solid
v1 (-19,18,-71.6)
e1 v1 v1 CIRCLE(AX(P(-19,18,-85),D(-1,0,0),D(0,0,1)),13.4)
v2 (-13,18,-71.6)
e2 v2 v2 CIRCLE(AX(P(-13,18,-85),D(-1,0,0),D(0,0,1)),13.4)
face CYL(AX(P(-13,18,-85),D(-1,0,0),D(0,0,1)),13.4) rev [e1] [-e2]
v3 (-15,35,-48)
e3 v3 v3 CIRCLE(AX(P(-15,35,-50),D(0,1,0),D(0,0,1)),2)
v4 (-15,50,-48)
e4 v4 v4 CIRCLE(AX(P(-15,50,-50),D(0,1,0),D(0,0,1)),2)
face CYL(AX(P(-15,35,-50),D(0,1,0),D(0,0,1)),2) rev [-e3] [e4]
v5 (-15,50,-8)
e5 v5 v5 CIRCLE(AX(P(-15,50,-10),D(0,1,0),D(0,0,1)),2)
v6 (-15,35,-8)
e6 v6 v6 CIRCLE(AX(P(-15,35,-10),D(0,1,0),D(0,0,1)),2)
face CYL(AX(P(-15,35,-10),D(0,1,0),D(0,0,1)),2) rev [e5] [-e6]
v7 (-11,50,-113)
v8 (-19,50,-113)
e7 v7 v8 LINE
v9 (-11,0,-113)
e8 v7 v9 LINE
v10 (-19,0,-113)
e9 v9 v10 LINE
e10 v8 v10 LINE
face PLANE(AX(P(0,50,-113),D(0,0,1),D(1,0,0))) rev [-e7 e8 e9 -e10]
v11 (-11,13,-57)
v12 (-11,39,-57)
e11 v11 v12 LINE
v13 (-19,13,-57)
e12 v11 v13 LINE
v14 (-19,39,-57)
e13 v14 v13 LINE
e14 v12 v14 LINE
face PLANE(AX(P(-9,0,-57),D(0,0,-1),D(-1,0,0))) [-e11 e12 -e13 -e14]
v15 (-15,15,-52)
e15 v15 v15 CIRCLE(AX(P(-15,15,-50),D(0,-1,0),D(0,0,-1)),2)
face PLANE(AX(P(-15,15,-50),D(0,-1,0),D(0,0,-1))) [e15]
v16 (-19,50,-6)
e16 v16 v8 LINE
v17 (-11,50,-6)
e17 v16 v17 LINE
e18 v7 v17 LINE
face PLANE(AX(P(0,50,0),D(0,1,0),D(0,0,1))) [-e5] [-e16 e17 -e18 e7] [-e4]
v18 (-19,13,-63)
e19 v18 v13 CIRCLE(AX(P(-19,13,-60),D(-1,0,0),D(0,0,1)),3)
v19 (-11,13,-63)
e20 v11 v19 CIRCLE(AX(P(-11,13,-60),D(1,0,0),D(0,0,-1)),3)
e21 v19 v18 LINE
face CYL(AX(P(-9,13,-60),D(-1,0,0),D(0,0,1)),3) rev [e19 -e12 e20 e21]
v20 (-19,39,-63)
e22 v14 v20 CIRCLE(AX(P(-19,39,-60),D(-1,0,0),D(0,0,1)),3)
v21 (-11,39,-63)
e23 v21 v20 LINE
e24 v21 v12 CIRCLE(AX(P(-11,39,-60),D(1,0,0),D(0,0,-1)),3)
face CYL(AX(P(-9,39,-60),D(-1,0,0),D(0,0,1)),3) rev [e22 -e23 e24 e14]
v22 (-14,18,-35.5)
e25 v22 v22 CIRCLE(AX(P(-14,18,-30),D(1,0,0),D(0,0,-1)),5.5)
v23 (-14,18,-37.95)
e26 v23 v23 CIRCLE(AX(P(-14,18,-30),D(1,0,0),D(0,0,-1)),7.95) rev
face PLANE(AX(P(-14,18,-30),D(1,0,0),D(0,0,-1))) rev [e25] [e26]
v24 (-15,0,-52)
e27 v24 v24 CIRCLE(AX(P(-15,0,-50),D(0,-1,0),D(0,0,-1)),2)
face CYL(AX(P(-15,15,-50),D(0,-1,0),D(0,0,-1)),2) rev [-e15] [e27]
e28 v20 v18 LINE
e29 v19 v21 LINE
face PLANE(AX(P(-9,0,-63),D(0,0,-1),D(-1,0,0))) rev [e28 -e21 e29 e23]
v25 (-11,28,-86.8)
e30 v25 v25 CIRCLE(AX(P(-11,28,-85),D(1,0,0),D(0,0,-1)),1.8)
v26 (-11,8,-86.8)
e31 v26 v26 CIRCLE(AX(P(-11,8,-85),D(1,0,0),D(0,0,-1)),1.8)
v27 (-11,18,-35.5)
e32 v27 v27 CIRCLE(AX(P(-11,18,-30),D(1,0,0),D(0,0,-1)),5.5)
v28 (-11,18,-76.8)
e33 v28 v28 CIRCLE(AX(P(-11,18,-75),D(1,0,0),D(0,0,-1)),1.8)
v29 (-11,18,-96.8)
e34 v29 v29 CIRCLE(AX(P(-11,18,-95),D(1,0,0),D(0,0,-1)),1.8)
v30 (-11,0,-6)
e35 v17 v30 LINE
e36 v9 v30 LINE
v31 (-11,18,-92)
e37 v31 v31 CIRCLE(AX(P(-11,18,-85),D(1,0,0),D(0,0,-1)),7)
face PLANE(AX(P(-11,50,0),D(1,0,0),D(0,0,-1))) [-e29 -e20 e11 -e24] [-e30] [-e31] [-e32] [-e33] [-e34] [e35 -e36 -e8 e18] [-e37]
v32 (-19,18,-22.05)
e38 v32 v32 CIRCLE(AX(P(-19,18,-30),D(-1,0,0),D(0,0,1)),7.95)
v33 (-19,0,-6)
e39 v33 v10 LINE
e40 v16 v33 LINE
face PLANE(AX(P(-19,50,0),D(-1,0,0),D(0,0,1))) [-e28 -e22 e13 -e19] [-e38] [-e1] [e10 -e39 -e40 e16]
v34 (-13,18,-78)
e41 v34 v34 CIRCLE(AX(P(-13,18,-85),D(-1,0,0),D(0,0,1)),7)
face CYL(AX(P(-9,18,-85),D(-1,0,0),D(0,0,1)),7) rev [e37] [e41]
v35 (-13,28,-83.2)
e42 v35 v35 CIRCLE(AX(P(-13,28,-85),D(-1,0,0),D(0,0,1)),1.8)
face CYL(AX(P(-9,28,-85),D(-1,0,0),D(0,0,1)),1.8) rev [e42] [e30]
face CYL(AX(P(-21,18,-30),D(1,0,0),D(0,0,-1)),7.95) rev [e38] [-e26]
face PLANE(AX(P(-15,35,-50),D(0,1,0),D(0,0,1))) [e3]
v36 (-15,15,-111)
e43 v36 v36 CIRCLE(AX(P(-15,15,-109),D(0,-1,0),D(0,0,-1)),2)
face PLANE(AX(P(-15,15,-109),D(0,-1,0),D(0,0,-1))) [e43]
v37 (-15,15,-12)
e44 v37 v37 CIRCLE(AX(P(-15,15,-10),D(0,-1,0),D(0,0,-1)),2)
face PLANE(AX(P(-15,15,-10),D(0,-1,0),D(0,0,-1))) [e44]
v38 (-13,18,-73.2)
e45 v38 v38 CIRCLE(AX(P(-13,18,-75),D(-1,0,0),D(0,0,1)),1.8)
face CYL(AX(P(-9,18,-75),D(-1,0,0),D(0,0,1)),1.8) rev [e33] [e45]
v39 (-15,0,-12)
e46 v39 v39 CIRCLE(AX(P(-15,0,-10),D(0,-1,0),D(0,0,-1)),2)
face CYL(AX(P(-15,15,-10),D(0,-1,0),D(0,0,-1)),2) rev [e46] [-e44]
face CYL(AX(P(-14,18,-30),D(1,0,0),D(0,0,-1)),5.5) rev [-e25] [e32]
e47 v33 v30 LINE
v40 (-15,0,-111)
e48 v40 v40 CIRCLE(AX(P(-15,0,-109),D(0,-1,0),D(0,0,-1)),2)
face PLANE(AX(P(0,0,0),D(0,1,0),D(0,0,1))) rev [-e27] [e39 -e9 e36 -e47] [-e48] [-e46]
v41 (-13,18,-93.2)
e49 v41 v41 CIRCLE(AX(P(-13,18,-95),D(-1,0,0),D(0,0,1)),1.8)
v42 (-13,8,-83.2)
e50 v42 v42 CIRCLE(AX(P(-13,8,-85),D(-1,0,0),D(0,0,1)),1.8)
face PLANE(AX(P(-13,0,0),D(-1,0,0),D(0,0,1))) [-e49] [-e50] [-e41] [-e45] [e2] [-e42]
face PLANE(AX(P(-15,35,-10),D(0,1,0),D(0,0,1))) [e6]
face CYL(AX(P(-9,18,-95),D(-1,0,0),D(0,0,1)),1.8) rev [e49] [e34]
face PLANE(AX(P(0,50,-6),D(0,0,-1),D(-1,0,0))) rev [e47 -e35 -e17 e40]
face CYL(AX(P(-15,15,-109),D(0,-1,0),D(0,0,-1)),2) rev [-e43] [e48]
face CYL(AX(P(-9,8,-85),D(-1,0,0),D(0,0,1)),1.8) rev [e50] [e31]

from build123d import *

# Parameters (mm, degrees)
ESQUISSE1_W             = 8
ESQUISSE1_H             = 107
BOSS_EXTRU_1_DEPTH      = 50
ESQUISSE4_R             = 1.8
ENL_V_MAT_EXTRU_2_DEPTH = 10
ESQUISSE4_3_R           = 13.4
ESQUISSE4_3_R_2         = 1.8
ESQUISSE4_3_R_3         = 7
ENL_V_MAT_EXTRU_3_DEPTH = 6
ESQUISSE4_4_R           = 7
ENL_V_MAT_EXTRU_4_DEPTH = 10
ENL_V_MAT_EXTRU_5_DEPTH = 10
ESQUISSE26_R            = 7.95
ENL_V_MAT_EXTRU_6_DEPTH = 10
ESQUISSE24_R            = 8.2
ESQUISSE24_R_2          = 5.5
BOSS_EXTRU_6_DEPTH      = 3
ESQUISSE29_R            = 2
ENL_V_MAT_EXTRU_7_DEPTH = 15
ENL_V_START             = -15
ESQUISSE30_R            = 2
ENL_V_MAT_EXTRU_8_DEPTH = 15


with BuildPart() as part:
    # Esquisse1 → Boss.-Extru.1 (new body)
    with BuildSketch(Plane(origin=(0, 0, 0), x_dir=(1, 0, 0), z_dir=(0, 1, 0))):
        with Locations((-15, 59.5)):
            Rectangle(ESQUISSE1_W, ESQUISSE1_H)
    extrude(amount=BOSS_EXTRU_1_DEPTH)

    # Esquisse4 → Enlèv. mat.-Extru.2 (cut)
    with BuildSketch(Plane.ZY.offset(19)):
        with Locations((-85, 8)):
            Circle(ESQUISSE4_R)
        with Locations((-75, 18)):
            Circle(ESQUISSE4_R)
        with Locations((-85, 28)):
            Circle(ESQUISSE4_R)
        with Locations((-95, 18)):
            Circle(ESQUISSE4_R)
    extrude(amount=-ENL_V_MAT_EXTRU_2_DEPTH, mode=Mode.SUBTRACT)

    # Esquisse4<3> → Enlèv. mat.-Extru.3 (cut)
    with BuildSketch(Plane.ZY.offset(19)):
        with Locations((-85, 18)):
            Circle(ESQUISSE4_3_R)
        with Locations((-85, 8)):
            Circle(ESQUISSE4_3_R_2, mode=Mode.SUBTRACT)
        with Locations((-95, 18)):
            Circle(ESQUISSE4_3_R_2, mode=Mode.SUBTRACT)
        with Locations((-85, 18)):
            Circle(ESQUISSE4_3_R_3, mode=Mode.SUBTRACT)
        with Locations((-75, 18)):
            Circle(ESQUISSE4_3_R_2, mode=Mode.SUBTRACT)
        with Locations((-85, 28)):
            Circle(ESQUISSE4_3_R_2, mode=Mode.SUBTRACT)
    extrude(amount=-ENL_V_MAT_EXTRU_3_DEPTH, mode=Mode.SUBTRACT)

    # Esquisse4<4> → Enlèv. mat.-Extru.4 (cut)
    with BuildSketch(Plane.ZY.offset(19)):
        with Locations((-85, 18)):
            Circle(ESQUISSE4_4_R)
    extrude(amount=-ENL_V_MAT_EXTRU_4_DEPTH, mode=Mode.SUBTRACT)

    # Esquisse9 → Enlèv. mat.-Extru.5 (cut)
    with BuildSketch(Plane.ZY.offset(19)):
        with BuildLine():
            ThreePointArc((-57, 39), (-60, 42), (-63, 39))
            Line((-63, 39), (-63, 13))
            ThreePointArc((-63, 13), (-60, 10), (-57, 13))
            Line((-57, 13), (-57, 39))
        make_face()
    extrude(amount=-ENL_V_MAT_EXTRU_5_DEPTH, mode=Mode.SUBTRACT)

    # Esquisse26 → Enlèv. mat.-Extru.6 (cut)
    with BuildSketch(Plane(origin=(-11, 0, 0), x_dir=(0, 0, -1), z_dir=(1, 0, 0))):
        with Locations((30, 18)):
            Circle(ESQUISSE26_R)
    extrude(amount=-ENL_V_MAT_EXTRU_6_DEPTH, mode=Mode.SUBTRACT)

    # Esquisse24 → Boss.-Extru.6 (add)
    with BuildSketch(Plane(origin=(-11, 0, 0), x_dir=(0, 0, -1), z_dir=(1, 0, 0))):
        with Locations((30, 18)):
            Circle(ESQUISSE24_R)
        with Locations((30, 18)):
            Circle(ESQUISSE24_R_2, mode=Mode.SUBTRACT)
    extrude(amount=-BOSS_EXTRU_6_DEPTH)

    # Esquisse29 → Enlèv. mat.-Extru.7 (cut)
    with BuildSketch(Plane.XZ):
        with Locations((-15, -109)):
            Circle(ESQUISSE29_R)
        with Locations((-15, -10)):
            Circle(ESQUISSE29_R)
        with Locations((-15, -50)):
            Circle(ESQUISSE29_R)
    extrude(amount=-ENL_V_MAT_EXTRU_7_DEPTH, mode=Mode.SUBTRACT)

    # Esquisse30 → Enlèv. mat.-Extru.8 (cut)
    with BuildSketch(Plane(origin=(0, 50, 0), x_dir=(1, 0, 0), z_dir=(0, 1, 0)).offset(ENL_V_START)):
        with Locations((-15, 10)):
            Circle(ESQUISSE30_R)
        with Locations((-15, 50)):
            Circle(ESQUISSE30_R)
    extrude(amount=ENL_V_MAT_EXTRU_8_DEPTH, mode=Mode.SUBTRACT)


solid = part.part
